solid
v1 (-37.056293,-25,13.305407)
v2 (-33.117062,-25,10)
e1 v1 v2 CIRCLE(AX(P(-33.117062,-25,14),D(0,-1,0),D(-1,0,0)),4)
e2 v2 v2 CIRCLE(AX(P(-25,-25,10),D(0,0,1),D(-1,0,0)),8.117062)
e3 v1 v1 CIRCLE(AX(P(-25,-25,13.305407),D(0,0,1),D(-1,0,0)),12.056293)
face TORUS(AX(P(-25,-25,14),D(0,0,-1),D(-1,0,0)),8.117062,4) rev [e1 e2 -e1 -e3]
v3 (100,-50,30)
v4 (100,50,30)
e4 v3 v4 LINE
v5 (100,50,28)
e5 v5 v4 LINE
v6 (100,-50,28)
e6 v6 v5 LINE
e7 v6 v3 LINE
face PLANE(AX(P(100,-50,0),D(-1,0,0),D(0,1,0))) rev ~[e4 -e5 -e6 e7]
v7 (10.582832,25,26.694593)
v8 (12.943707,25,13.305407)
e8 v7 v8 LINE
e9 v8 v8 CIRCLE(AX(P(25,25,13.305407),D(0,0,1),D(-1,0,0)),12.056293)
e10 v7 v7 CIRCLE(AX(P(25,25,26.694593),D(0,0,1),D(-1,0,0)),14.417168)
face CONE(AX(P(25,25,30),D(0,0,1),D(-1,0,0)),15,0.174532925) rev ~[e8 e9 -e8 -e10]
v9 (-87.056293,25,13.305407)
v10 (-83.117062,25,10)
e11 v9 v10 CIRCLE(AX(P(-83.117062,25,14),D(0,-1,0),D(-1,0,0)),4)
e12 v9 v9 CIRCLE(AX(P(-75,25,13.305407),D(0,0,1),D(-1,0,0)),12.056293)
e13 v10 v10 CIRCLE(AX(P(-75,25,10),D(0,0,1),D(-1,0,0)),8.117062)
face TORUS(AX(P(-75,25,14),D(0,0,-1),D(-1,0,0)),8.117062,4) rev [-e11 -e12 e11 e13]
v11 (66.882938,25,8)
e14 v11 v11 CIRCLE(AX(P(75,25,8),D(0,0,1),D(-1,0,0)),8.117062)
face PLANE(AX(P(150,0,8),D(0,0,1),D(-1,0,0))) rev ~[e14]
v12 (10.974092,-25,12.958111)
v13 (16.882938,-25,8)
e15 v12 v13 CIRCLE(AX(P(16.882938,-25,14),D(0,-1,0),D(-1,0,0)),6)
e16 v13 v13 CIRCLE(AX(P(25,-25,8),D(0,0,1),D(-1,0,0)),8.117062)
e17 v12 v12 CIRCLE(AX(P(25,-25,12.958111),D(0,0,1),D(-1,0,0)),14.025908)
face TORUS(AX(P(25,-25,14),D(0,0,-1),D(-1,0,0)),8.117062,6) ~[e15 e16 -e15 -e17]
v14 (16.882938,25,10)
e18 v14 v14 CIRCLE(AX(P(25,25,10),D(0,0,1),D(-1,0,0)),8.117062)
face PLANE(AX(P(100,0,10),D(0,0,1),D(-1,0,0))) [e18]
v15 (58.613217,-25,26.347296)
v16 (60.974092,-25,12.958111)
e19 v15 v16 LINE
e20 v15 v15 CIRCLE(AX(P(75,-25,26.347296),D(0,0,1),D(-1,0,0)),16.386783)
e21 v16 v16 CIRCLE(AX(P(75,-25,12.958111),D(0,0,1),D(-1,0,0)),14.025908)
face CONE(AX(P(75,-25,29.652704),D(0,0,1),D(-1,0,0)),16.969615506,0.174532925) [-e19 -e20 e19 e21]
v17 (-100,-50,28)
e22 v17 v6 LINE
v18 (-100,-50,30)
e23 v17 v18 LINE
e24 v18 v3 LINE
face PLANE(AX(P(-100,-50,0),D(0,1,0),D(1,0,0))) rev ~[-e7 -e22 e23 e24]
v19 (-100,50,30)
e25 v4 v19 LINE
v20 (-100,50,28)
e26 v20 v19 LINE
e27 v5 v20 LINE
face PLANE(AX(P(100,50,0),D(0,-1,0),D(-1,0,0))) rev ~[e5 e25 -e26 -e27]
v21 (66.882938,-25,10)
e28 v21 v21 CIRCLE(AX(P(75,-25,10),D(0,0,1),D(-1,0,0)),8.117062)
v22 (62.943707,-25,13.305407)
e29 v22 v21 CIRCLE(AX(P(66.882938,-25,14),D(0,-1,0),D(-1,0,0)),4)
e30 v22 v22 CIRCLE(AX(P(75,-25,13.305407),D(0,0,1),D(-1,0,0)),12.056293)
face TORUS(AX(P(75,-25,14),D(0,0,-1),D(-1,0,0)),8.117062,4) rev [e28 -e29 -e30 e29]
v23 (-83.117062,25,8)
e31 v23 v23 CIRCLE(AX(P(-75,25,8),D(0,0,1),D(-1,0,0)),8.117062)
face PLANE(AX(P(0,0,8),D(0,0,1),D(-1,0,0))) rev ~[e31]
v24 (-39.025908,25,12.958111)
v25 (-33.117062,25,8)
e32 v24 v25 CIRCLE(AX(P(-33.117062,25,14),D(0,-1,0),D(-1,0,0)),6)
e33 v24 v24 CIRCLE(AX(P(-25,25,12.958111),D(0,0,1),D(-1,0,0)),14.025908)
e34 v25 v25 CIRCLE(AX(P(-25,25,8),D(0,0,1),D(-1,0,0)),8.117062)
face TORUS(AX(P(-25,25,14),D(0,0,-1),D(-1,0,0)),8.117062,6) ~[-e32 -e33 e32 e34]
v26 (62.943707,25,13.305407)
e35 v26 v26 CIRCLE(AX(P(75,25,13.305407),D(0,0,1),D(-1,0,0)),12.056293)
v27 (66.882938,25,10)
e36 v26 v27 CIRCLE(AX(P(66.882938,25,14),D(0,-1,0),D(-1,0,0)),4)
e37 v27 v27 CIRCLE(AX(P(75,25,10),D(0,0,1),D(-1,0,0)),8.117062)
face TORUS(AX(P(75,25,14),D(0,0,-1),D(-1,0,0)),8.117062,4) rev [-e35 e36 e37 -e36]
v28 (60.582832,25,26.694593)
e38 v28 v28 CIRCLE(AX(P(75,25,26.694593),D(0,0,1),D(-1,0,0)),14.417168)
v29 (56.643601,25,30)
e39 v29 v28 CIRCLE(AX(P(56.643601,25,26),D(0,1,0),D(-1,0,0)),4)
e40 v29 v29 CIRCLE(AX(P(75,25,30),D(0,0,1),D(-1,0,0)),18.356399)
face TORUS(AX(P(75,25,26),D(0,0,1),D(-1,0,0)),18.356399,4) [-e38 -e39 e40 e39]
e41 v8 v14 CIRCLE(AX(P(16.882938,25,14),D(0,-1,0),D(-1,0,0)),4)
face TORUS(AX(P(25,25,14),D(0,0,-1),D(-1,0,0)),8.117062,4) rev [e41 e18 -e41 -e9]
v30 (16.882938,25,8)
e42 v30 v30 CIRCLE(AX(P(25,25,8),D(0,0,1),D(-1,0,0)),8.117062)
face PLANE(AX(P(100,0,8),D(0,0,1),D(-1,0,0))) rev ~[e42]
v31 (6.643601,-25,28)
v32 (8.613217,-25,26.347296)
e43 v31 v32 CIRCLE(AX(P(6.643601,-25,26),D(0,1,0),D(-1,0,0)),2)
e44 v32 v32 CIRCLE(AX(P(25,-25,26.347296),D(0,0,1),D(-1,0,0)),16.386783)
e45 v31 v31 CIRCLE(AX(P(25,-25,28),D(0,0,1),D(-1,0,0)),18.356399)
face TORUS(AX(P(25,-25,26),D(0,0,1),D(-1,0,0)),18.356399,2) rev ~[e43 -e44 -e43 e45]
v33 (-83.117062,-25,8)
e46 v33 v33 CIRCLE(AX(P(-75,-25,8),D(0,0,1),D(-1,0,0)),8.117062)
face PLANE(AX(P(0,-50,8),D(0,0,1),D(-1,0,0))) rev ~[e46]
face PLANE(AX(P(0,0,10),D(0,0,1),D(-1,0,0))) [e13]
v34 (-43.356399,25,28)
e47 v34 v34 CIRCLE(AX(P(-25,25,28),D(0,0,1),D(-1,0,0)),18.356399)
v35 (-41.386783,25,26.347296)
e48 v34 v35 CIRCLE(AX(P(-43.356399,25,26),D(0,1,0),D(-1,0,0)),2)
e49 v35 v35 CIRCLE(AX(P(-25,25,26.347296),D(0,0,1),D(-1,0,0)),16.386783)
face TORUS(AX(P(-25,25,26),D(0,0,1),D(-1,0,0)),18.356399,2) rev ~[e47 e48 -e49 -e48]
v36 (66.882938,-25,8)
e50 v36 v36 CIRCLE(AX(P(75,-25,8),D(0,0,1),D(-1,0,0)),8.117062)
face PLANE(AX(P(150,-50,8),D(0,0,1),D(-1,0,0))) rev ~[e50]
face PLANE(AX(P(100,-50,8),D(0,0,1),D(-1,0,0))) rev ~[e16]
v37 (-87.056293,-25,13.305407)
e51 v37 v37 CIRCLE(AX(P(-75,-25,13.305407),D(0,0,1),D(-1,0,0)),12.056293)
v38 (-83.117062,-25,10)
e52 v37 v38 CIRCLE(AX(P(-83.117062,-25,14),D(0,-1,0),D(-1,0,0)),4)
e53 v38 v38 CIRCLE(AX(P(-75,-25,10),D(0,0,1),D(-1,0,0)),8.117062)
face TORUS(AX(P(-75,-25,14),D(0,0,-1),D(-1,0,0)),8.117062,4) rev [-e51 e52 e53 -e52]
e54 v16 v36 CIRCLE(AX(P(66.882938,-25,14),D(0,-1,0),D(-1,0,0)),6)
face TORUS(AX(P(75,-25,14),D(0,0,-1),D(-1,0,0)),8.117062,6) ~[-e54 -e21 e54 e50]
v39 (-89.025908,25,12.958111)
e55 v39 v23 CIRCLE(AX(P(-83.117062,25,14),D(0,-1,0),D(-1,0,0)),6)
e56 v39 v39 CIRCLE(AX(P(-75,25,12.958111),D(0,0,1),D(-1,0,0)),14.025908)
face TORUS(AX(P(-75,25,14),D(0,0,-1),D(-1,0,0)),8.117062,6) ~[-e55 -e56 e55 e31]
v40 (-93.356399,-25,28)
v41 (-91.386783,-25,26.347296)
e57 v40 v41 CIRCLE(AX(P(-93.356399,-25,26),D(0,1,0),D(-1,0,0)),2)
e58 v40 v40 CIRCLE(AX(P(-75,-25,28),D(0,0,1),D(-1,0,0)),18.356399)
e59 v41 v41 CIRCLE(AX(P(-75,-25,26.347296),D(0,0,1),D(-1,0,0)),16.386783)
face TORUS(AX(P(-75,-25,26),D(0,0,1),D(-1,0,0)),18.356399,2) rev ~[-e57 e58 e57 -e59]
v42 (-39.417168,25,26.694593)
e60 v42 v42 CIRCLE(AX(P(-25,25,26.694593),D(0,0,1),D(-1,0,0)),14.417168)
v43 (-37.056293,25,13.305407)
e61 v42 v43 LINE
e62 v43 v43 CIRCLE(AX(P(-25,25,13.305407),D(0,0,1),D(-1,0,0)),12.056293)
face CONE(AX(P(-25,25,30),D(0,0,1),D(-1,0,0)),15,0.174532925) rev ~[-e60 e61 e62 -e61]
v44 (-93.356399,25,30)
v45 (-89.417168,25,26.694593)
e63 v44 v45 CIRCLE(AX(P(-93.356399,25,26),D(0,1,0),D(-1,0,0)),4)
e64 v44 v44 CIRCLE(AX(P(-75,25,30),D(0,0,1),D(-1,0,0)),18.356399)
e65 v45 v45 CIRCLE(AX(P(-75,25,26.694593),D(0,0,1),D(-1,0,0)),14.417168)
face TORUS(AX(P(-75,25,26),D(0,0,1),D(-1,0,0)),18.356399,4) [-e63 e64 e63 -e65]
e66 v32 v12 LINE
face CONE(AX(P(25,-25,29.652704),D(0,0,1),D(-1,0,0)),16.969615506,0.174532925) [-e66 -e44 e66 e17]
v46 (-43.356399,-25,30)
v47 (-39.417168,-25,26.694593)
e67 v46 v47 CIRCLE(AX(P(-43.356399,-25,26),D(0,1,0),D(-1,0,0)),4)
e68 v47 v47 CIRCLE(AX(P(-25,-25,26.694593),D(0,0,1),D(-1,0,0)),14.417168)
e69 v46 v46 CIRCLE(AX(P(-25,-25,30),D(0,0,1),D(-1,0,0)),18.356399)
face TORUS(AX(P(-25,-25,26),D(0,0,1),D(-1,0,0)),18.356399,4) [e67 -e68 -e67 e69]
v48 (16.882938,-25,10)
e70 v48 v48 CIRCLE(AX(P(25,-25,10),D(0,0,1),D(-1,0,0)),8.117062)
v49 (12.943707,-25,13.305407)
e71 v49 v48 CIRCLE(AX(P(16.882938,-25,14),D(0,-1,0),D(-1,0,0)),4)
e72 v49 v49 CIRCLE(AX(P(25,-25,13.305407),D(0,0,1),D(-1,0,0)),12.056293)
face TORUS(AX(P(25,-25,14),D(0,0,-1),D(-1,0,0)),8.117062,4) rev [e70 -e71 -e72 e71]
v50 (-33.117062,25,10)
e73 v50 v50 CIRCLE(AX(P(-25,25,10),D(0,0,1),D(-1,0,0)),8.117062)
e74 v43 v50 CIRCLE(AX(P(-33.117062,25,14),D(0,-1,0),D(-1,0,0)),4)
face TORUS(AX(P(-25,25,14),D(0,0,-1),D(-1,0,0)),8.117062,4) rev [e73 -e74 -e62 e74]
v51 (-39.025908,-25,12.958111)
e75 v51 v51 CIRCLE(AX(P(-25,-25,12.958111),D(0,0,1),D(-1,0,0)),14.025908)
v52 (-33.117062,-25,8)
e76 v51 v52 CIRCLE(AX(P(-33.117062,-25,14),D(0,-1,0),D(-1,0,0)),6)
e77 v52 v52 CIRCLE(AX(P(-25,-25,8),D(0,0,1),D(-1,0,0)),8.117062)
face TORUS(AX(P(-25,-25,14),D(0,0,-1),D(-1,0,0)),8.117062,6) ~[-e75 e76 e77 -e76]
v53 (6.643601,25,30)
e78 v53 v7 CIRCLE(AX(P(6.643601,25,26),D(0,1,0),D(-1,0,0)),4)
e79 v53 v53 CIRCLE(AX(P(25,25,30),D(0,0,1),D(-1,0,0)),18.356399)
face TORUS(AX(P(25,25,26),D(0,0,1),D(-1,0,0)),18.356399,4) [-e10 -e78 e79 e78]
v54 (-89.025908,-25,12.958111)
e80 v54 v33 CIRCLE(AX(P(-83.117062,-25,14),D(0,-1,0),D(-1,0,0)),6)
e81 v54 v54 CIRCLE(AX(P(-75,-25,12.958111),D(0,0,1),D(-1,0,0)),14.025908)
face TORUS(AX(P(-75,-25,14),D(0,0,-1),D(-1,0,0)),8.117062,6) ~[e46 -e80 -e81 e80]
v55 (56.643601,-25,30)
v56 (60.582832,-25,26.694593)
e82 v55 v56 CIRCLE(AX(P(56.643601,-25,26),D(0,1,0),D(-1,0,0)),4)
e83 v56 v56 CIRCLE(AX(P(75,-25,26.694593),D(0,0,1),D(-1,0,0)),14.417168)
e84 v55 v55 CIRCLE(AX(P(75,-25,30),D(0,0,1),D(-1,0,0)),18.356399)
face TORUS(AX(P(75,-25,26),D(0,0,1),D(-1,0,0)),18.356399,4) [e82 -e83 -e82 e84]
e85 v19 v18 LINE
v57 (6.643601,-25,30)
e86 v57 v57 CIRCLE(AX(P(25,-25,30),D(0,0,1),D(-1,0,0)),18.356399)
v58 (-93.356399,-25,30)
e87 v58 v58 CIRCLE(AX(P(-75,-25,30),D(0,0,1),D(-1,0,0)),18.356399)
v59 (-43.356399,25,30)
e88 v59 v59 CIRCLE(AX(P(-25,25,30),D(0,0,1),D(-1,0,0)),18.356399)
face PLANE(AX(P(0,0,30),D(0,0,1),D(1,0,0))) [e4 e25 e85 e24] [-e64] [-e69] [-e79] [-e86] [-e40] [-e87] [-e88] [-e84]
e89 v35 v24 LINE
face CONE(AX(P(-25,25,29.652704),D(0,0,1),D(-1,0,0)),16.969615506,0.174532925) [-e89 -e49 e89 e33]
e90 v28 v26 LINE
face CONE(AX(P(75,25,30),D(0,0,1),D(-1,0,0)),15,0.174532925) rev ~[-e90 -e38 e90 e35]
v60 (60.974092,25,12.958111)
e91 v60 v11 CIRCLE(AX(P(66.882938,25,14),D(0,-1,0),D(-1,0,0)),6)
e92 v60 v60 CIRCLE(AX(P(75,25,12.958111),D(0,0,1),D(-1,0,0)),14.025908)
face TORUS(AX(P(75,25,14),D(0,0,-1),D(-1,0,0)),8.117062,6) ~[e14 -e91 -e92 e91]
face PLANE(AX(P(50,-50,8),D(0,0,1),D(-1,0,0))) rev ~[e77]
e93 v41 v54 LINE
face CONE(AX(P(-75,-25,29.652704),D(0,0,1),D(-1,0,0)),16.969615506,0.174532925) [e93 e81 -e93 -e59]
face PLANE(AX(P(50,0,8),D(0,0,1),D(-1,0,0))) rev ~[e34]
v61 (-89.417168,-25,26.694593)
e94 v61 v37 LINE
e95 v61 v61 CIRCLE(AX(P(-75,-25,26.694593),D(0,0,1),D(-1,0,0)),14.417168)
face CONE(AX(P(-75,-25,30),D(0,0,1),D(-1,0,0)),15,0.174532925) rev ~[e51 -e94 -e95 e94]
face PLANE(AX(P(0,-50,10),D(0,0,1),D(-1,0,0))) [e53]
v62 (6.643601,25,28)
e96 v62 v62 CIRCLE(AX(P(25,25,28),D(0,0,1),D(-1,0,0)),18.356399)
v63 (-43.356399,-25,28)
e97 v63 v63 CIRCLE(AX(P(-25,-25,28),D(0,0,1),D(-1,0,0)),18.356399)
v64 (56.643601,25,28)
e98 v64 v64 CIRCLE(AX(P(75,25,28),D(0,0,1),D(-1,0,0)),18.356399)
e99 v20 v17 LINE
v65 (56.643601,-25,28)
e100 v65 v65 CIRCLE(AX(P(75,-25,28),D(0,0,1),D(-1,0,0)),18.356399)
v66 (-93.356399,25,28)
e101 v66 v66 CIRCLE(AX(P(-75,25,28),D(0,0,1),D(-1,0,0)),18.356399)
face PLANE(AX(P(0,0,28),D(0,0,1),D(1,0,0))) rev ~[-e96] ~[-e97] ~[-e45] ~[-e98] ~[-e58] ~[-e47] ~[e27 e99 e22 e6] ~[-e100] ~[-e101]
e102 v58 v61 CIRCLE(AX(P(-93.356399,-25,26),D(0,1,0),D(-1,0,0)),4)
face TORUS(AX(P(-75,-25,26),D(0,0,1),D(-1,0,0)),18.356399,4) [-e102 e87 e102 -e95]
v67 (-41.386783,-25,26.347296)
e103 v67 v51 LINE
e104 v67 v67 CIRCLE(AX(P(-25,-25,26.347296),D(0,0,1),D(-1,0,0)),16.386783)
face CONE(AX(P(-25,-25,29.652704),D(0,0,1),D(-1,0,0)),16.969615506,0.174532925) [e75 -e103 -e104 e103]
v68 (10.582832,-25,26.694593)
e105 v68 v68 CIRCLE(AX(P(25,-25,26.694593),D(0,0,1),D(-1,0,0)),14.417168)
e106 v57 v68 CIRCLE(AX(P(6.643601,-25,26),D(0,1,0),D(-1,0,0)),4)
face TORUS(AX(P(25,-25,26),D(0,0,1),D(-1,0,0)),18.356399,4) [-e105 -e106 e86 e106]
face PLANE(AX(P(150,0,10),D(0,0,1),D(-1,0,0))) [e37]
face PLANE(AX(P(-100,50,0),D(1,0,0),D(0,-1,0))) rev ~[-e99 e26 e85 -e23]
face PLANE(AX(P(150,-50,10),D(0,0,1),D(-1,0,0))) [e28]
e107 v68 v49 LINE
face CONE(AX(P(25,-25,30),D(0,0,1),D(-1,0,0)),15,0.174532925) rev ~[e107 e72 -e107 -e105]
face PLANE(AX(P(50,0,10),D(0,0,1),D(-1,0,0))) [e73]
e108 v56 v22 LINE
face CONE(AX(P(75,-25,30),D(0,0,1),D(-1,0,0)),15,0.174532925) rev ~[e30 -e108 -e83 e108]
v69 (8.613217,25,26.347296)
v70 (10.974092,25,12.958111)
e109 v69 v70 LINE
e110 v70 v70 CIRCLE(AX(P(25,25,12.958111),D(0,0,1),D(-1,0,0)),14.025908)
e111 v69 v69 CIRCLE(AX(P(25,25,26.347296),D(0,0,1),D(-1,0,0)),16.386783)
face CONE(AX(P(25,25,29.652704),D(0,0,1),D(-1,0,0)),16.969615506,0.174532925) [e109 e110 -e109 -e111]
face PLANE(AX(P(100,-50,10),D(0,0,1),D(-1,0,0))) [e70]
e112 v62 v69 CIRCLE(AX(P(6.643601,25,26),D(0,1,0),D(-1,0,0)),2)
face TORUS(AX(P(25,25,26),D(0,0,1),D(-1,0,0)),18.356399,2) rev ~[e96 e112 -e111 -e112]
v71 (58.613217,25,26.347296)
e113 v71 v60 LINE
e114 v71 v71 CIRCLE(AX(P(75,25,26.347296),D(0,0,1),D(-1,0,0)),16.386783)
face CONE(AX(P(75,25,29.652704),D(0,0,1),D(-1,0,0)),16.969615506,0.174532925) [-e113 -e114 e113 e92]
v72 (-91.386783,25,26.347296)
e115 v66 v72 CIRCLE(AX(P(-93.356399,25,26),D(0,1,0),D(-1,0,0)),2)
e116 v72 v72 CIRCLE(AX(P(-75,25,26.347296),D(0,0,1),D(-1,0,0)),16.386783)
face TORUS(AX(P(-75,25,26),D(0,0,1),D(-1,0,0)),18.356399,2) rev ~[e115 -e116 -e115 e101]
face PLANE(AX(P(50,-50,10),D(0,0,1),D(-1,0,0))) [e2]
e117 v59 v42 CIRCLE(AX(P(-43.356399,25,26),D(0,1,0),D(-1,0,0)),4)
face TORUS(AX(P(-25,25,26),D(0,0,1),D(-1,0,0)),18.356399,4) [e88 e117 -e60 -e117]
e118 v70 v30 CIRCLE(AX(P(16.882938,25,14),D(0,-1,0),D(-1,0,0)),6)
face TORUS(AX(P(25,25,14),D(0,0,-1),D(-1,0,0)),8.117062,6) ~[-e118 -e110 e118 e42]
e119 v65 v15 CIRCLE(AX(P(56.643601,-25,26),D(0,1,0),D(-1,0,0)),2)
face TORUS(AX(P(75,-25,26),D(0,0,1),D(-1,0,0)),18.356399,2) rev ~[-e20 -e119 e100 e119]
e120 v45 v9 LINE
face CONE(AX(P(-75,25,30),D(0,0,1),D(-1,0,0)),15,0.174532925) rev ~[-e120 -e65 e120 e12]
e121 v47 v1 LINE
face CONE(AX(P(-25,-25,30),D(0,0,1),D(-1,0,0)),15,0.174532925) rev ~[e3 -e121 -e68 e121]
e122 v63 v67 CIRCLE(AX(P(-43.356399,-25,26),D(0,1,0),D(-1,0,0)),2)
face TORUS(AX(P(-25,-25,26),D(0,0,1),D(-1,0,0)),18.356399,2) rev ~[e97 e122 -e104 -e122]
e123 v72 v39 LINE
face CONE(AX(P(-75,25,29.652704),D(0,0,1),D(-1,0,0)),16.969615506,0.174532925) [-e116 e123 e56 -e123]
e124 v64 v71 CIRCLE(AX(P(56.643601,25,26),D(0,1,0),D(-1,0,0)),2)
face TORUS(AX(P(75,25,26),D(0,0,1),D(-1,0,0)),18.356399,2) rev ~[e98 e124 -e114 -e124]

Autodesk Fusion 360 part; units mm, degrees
sketch "Sketch1" plane through (0, 0, 0) normal (0, 0, 1) x (1, 0, 0)
  line L0 (100, 50) -> (-100, 50)
  line L1 (-100, 50) -> (-100, -50)
  line L2 (-100, -50) -> (100, -50)
  line L3 (100, -50) -> (100, 50)
  line L4 (100, 50) -> (-100, -50) construction
  line L5 (-100, 50) -> (100, -50) construction
  dimension "d1" = 200
  dimension "d2" = 100
extrude "Extrude1" add sketch "Sketch1" along normal blind 30
sketch "Sketch2" plane through (0, 0, 30) normal (0, 0, 1) x (-1, 0, 0)
  line L0 (-100, 50) -> (-100, -50)
  line L1 (-100, -50) -> (100, -50)
  line L2 (100, -50) -> (100, 50)
  line L3 (100, 50) -> (-100, 50)
  circle A0 centre (75, -25) radius 15
  dimension "d5" = 30
  dimension "d6" = 25
  dimension "d7" = 25
extrude "Extrude2" cut sketch "Sketch2" against normal blind 20 draft -10 contours A0
fillet "Fillet1" radius 4 2 edges at (-61.0151, 19.5758, 30) (-64.303, 29.149, 10)
pattern_linear "R-Pattern1" count 4 spacing 50 along (1, 0, 0) count 2 spacing 50 along (0, -1, 0) of "Extrude2", "Fillet1"
shell "Shell1" thickness 2 removed faces 5 at (-33.3333, -50, 10) at (-100, 16.6667, 20) at (33.3333, 50, 10) at (100, -16.6667, 20) at (-33.3333, 16.6667, 0)
equation "d7 = d6"
